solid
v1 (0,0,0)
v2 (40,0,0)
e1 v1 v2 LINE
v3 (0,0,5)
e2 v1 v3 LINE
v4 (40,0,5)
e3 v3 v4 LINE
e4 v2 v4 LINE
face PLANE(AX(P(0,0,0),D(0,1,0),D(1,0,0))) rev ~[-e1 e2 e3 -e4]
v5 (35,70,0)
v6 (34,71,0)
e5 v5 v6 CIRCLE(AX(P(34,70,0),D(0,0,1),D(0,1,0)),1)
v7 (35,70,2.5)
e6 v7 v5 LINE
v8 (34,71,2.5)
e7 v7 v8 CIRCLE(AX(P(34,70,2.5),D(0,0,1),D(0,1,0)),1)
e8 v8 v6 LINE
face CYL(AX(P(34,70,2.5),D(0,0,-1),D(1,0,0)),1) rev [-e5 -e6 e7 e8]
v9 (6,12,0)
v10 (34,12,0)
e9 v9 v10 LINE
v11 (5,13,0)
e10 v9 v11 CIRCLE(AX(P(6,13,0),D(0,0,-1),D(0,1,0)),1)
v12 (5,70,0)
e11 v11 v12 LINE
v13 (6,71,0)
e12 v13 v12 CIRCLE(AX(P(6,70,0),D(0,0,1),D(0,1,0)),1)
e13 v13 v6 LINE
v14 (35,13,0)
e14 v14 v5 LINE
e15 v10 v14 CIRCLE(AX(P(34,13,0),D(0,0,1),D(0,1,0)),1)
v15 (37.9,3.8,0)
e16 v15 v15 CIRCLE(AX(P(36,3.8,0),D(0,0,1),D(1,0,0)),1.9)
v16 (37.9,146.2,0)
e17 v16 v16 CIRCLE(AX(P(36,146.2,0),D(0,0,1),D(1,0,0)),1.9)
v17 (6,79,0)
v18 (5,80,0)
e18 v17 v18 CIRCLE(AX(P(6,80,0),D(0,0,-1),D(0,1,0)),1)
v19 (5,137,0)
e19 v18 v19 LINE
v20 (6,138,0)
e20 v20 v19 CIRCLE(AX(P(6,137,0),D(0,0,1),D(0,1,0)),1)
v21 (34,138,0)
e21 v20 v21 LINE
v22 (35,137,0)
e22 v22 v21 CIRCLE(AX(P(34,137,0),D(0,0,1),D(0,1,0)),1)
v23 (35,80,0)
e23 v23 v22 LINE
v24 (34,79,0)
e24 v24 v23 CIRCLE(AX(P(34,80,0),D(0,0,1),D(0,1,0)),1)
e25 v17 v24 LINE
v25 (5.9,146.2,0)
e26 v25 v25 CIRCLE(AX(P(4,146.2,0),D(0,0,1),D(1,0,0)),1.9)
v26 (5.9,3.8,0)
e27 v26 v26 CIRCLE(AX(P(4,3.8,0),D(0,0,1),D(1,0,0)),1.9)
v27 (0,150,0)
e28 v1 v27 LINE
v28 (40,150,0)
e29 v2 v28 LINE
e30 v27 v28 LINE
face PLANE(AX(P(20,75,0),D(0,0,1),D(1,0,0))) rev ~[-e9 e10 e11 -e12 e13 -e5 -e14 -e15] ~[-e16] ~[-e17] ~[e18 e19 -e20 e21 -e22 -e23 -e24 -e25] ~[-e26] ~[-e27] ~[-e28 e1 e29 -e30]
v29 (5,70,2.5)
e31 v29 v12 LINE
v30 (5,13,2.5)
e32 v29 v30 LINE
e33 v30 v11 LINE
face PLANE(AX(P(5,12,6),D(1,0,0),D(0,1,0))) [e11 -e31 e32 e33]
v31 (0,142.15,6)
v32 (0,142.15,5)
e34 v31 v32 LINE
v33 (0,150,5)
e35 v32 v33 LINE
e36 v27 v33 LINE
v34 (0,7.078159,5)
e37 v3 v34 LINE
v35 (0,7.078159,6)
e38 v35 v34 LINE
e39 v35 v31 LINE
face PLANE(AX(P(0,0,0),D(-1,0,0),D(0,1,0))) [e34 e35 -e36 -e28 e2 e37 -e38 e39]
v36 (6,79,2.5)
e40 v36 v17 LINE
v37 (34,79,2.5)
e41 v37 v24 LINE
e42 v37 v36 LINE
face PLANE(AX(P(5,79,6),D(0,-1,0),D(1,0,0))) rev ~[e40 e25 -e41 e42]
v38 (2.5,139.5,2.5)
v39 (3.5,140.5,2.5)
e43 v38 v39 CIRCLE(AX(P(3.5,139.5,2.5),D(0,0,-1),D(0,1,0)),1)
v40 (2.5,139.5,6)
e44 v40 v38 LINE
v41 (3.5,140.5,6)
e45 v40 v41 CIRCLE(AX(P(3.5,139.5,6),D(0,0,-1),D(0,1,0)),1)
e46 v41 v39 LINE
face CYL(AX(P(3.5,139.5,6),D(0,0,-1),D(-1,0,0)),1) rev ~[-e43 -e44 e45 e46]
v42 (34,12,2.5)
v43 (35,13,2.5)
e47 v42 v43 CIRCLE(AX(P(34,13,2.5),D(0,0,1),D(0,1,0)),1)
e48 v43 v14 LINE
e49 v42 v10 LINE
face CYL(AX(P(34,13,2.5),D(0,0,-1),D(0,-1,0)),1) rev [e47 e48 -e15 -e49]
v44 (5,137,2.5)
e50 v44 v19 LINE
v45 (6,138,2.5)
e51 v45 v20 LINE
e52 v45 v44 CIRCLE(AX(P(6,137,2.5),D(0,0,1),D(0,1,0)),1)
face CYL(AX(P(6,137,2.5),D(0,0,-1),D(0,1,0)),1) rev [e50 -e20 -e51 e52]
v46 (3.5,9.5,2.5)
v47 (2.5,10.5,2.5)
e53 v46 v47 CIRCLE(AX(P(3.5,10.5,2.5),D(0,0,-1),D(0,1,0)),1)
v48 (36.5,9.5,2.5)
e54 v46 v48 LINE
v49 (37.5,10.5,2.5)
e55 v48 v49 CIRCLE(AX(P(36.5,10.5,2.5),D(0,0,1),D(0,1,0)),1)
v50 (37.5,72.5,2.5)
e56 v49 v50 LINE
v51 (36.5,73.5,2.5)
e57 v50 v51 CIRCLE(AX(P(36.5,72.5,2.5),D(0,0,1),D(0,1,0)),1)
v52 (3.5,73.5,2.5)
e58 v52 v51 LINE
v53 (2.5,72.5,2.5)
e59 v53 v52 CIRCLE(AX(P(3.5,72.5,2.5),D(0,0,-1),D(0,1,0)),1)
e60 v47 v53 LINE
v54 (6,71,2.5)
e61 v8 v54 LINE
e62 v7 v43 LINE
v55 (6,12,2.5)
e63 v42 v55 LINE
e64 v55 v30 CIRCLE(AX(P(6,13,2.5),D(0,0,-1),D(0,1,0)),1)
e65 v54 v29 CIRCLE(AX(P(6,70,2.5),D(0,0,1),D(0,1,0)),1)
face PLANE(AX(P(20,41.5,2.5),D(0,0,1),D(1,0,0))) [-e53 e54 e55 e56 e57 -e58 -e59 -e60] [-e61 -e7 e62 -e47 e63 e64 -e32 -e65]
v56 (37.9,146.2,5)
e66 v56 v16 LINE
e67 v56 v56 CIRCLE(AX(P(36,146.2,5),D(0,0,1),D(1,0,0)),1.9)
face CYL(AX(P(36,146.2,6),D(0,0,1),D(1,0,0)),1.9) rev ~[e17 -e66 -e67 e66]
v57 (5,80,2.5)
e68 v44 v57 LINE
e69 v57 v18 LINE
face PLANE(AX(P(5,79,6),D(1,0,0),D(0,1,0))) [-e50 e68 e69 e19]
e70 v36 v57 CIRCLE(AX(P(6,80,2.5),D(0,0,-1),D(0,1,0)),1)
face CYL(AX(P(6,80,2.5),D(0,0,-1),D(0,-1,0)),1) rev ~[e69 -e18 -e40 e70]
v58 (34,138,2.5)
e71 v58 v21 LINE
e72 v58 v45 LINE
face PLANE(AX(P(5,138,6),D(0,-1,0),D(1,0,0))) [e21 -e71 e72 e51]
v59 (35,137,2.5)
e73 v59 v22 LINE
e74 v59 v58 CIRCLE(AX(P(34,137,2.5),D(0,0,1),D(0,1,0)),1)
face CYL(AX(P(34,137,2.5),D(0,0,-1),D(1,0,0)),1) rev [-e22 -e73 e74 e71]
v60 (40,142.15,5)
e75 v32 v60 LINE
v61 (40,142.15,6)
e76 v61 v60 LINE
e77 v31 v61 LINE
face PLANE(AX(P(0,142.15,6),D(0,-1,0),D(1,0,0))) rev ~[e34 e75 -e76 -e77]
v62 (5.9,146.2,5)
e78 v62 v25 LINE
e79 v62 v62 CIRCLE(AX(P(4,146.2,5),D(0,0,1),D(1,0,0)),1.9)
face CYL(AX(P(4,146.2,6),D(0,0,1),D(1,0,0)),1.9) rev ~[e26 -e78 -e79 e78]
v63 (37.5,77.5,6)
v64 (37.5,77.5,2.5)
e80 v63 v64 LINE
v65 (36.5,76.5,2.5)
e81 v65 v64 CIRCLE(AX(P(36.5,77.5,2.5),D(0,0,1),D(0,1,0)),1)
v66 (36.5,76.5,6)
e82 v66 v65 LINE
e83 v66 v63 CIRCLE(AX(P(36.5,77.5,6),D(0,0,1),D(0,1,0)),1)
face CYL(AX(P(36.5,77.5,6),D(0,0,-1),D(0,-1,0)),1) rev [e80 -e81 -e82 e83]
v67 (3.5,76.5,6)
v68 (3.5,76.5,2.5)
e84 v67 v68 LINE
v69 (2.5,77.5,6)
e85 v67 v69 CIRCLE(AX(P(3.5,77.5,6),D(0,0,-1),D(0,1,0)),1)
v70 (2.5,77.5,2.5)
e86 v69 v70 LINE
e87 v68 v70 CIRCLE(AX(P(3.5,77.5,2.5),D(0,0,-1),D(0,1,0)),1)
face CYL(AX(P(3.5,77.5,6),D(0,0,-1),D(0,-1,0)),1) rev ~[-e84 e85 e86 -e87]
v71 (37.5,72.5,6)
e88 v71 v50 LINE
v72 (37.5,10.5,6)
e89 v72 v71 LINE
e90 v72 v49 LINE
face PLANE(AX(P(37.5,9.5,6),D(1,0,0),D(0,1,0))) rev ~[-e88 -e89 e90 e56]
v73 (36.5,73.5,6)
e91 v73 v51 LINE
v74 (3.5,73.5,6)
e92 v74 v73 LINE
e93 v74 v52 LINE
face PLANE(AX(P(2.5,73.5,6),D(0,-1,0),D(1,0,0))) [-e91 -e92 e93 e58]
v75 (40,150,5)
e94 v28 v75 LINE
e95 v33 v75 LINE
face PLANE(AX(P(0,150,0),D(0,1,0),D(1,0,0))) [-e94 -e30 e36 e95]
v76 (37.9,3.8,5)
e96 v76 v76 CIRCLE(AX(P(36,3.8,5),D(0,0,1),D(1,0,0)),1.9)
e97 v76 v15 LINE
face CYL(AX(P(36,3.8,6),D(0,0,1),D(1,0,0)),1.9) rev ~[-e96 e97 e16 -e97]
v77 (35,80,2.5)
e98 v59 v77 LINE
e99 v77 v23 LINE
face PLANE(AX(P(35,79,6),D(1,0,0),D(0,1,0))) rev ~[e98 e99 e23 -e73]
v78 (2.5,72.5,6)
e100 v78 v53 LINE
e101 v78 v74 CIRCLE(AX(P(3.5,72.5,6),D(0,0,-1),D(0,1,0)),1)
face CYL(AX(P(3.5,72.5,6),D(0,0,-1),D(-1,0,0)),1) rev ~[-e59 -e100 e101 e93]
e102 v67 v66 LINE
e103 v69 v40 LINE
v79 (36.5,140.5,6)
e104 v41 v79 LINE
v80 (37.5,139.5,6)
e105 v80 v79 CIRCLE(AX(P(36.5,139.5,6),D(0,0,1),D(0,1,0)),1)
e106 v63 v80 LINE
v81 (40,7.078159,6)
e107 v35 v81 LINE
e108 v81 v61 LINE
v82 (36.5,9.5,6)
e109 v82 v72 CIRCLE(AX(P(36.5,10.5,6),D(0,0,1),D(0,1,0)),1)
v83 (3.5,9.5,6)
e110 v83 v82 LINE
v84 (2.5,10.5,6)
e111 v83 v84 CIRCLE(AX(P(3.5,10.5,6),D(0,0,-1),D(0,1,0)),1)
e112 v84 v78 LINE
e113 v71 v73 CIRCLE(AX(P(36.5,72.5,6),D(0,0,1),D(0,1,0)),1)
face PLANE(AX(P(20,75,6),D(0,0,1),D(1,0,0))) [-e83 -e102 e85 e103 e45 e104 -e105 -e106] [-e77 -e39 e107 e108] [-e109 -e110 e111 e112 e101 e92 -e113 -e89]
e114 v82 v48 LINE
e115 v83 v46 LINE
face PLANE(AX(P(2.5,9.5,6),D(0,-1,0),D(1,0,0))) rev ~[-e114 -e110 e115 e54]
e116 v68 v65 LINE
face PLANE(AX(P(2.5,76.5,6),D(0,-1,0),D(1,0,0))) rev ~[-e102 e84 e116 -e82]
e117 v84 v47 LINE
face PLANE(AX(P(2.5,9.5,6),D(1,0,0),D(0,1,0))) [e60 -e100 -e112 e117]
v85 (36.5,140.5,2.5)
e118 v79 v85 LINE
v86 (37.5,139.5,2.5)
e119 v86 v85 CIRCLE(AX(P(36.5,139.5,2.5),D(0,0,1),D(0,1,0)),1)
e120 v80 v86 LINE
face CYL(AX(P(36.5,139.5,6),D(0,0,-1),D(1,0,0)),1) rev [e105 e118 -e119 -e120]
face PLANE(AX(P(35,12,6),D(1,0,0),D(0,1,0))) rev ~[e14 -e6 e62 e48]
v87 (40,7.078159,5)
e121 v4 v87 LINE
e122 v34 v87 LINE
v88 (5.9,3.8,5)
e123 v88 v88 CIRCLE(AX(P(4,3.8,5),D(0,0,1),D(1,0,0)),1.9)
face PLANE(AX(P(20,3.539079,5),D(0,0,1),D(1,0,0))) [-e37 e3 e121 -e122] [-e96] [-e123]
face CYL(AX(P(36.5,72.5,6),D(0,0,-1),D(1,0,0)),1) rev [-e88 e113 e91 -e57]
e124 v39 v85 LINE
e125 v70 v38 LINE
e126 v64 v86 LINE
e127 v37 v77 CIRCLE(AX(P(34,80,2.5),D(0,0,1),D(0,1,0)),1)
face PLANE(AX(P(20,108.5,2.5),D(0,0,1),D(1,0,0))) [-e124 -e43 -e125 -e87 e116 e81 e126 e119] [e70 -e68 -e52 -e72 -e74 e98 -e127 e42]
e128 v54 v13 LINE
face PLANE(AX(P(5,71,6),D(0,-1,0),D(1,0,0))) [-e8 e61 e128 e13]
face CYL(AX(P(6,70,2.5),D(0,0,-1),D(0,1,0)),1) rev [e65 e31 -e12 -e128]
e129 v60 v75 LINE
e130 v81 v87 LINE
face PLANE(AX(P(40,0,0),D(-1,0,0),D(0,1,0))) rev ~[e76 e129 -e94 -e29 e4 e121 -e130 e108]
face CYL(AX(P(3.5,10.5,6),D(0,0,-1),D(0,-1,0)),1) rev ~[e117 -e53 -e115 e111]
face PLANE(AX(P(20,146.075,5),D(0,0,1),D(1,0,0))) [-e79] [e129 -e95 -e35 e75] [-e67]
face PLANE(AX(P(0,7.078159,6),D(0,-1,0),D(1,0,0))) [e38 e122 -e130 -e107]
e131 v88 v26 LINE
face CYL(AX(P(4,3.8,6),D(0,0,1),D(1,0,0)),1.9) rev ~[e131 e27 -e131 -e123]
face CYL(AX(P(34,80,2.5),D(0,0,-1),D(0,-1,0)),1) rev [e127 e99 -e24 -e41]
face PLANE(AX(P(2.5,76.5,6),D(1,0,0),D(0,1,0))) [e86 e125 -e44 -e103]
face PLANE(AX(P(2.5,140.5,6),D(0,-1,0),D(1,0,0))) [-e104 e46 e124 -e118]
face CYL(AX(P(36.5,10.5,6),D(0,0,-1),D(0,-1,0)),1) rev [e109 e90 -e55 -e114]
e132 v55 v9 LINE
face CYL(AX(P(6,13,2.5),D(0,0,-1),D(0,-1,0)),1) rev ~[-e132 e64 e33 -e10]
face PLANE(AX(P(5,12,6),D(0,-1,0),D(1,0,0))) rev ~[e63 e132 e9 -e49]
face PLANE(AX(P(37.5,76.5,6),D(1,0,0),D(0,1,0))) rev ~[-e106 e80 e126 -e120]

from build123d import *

# Parameters (mm, degrees)
SKETCH_1_W          = 40
SKETCH_1_H          = 150
EXTRUDE_1_DEPTH     = 6
SKETCH_2_R          = 1.9
CUT_EXTRUDE_1_DEPTH = 156.357651888
SKETCH_3_W          = 30
SKETCH_3_H          = 59
CUT_EXTRUDE_2_DEPTH = 156.357651888
SKETCH_4_W          = 35
SKETCH_4_H          = 64
CUT_EXTRUDE_3_DEPTH = 3.5
SKETCH_5_W          = 40
SKETCH_5_H          = 7.078158815
SKETCH_5_H_2        = 7.85
CUT_EXTRUDE_4_DEPTH = 1
FILLET_1_R          = 1


with BuildPart() as part:
    # ｽｹｯﾁ1 → ﾎﾞｽ - 押し出し1 (new body)
    with BuildSketch(Plane.XY):
        with Locations((20, 75)):
            Rectangle(SKETCH_1_W, SKETCH_1_H)
    extrude(amount=EXTRUDE_1_DEPTH)

    # ｽｹｯﾁ2 → ｶｯﾄ - 押し出し1 (cut, through all)
    with BuildSketch(Plane.XY.offset(6)):
        with Locations((36, 146.2)):
            Circle(SKETCH_2_R)
        with Locations((4, 146.2)):
            Circle(SKETCH_2_R)
        with Locations((4, 3.8)):
            Circle(SKETCH_2_R)
        with Locations((36, 3.8)):
            Circle(SKETCH_2_R)
    extrude(amount=-CUT_EXTRUDE_1_DEPTH, mode=Mode.SUBTRACT)

    # ｽｹｯﾁ3 → ｶｯﾄ - 押し出し2 (cut, through all)
    with BuildSketch(Plane.XY.offset(6)):
        with Locations((20, 108.5)):
            Rectangle(SKETCH_3_W, SKETCH_3_H)
        with Locations((20, 41.5)):
            Rectangle(SKETCH_3_W, SKETCH_3_H)
    extrude(amount=-CUT_EXTRUDE_2_DEPTH, mode=Mode.SUBTRACT)

    # ｽｹｯﾁ4 → ｶｯﾄ - 押し出し3 (cut)
    with BuildSketch(Plane.XY.offset(6)):
        with Locations((20, 108.5)):
            Rectangle(SKETCH_4_W, SKETCH_4_H)
        with Locations((20, 41.5)):
            Rectangle(SKETCH_4_W, SKETCH_4_H)
    extrude(amount=-CUT_EXTRUDE_3_DEPTH, mode=Mode.SUBTRACT)

    # ｽｹｯﾁ5 → ｶｯﾄ - 押し出し4 (cut)
    with BuildSketch(Plane.XY.offset(6)):
        with Locations((20, 3.539079408)):
            Rectangle(SKETCH_5_W, SKETCH_5_H)
        with Locations((20, 146.075)):
            Rectangle(SKETCH_5_W, SKETCH_5_H_2)
    extrude(amount=-CUT_EXTRUDE_4_DEPTH, mode=Mode.SUBTRACT)

    # ﾌｨﾚｯﾄ1
    fillet_1_edges = [part.edges().sort_by_distance(p)[0] for p in [
        (35, 138, 1.25),
        (35, 79, 1.25),
        (5, 79, 1.25),
        (5, 138, 1.25),
        (35, 71, 1.25),
        (35, 12, 1.25),
        (5, 12, 1.25),
        (5, 71, 1.25),
        (2.5, 76.5, 4.25),
        (2.5, 140.5, 4.25),
        (37.5, 140.5, 4.25),
        (37.5, 76.5, 4.25),
        (2.5, 9.5, 4.25),
        (2.5, 73.5, 4.25),
        (37.5, 73.5, 4.25),
        (37.5, 9.5, 4.25),
    ]]
    fillet(fillet_1_edges, radius=FILLET_1_R)


solid = part.part
